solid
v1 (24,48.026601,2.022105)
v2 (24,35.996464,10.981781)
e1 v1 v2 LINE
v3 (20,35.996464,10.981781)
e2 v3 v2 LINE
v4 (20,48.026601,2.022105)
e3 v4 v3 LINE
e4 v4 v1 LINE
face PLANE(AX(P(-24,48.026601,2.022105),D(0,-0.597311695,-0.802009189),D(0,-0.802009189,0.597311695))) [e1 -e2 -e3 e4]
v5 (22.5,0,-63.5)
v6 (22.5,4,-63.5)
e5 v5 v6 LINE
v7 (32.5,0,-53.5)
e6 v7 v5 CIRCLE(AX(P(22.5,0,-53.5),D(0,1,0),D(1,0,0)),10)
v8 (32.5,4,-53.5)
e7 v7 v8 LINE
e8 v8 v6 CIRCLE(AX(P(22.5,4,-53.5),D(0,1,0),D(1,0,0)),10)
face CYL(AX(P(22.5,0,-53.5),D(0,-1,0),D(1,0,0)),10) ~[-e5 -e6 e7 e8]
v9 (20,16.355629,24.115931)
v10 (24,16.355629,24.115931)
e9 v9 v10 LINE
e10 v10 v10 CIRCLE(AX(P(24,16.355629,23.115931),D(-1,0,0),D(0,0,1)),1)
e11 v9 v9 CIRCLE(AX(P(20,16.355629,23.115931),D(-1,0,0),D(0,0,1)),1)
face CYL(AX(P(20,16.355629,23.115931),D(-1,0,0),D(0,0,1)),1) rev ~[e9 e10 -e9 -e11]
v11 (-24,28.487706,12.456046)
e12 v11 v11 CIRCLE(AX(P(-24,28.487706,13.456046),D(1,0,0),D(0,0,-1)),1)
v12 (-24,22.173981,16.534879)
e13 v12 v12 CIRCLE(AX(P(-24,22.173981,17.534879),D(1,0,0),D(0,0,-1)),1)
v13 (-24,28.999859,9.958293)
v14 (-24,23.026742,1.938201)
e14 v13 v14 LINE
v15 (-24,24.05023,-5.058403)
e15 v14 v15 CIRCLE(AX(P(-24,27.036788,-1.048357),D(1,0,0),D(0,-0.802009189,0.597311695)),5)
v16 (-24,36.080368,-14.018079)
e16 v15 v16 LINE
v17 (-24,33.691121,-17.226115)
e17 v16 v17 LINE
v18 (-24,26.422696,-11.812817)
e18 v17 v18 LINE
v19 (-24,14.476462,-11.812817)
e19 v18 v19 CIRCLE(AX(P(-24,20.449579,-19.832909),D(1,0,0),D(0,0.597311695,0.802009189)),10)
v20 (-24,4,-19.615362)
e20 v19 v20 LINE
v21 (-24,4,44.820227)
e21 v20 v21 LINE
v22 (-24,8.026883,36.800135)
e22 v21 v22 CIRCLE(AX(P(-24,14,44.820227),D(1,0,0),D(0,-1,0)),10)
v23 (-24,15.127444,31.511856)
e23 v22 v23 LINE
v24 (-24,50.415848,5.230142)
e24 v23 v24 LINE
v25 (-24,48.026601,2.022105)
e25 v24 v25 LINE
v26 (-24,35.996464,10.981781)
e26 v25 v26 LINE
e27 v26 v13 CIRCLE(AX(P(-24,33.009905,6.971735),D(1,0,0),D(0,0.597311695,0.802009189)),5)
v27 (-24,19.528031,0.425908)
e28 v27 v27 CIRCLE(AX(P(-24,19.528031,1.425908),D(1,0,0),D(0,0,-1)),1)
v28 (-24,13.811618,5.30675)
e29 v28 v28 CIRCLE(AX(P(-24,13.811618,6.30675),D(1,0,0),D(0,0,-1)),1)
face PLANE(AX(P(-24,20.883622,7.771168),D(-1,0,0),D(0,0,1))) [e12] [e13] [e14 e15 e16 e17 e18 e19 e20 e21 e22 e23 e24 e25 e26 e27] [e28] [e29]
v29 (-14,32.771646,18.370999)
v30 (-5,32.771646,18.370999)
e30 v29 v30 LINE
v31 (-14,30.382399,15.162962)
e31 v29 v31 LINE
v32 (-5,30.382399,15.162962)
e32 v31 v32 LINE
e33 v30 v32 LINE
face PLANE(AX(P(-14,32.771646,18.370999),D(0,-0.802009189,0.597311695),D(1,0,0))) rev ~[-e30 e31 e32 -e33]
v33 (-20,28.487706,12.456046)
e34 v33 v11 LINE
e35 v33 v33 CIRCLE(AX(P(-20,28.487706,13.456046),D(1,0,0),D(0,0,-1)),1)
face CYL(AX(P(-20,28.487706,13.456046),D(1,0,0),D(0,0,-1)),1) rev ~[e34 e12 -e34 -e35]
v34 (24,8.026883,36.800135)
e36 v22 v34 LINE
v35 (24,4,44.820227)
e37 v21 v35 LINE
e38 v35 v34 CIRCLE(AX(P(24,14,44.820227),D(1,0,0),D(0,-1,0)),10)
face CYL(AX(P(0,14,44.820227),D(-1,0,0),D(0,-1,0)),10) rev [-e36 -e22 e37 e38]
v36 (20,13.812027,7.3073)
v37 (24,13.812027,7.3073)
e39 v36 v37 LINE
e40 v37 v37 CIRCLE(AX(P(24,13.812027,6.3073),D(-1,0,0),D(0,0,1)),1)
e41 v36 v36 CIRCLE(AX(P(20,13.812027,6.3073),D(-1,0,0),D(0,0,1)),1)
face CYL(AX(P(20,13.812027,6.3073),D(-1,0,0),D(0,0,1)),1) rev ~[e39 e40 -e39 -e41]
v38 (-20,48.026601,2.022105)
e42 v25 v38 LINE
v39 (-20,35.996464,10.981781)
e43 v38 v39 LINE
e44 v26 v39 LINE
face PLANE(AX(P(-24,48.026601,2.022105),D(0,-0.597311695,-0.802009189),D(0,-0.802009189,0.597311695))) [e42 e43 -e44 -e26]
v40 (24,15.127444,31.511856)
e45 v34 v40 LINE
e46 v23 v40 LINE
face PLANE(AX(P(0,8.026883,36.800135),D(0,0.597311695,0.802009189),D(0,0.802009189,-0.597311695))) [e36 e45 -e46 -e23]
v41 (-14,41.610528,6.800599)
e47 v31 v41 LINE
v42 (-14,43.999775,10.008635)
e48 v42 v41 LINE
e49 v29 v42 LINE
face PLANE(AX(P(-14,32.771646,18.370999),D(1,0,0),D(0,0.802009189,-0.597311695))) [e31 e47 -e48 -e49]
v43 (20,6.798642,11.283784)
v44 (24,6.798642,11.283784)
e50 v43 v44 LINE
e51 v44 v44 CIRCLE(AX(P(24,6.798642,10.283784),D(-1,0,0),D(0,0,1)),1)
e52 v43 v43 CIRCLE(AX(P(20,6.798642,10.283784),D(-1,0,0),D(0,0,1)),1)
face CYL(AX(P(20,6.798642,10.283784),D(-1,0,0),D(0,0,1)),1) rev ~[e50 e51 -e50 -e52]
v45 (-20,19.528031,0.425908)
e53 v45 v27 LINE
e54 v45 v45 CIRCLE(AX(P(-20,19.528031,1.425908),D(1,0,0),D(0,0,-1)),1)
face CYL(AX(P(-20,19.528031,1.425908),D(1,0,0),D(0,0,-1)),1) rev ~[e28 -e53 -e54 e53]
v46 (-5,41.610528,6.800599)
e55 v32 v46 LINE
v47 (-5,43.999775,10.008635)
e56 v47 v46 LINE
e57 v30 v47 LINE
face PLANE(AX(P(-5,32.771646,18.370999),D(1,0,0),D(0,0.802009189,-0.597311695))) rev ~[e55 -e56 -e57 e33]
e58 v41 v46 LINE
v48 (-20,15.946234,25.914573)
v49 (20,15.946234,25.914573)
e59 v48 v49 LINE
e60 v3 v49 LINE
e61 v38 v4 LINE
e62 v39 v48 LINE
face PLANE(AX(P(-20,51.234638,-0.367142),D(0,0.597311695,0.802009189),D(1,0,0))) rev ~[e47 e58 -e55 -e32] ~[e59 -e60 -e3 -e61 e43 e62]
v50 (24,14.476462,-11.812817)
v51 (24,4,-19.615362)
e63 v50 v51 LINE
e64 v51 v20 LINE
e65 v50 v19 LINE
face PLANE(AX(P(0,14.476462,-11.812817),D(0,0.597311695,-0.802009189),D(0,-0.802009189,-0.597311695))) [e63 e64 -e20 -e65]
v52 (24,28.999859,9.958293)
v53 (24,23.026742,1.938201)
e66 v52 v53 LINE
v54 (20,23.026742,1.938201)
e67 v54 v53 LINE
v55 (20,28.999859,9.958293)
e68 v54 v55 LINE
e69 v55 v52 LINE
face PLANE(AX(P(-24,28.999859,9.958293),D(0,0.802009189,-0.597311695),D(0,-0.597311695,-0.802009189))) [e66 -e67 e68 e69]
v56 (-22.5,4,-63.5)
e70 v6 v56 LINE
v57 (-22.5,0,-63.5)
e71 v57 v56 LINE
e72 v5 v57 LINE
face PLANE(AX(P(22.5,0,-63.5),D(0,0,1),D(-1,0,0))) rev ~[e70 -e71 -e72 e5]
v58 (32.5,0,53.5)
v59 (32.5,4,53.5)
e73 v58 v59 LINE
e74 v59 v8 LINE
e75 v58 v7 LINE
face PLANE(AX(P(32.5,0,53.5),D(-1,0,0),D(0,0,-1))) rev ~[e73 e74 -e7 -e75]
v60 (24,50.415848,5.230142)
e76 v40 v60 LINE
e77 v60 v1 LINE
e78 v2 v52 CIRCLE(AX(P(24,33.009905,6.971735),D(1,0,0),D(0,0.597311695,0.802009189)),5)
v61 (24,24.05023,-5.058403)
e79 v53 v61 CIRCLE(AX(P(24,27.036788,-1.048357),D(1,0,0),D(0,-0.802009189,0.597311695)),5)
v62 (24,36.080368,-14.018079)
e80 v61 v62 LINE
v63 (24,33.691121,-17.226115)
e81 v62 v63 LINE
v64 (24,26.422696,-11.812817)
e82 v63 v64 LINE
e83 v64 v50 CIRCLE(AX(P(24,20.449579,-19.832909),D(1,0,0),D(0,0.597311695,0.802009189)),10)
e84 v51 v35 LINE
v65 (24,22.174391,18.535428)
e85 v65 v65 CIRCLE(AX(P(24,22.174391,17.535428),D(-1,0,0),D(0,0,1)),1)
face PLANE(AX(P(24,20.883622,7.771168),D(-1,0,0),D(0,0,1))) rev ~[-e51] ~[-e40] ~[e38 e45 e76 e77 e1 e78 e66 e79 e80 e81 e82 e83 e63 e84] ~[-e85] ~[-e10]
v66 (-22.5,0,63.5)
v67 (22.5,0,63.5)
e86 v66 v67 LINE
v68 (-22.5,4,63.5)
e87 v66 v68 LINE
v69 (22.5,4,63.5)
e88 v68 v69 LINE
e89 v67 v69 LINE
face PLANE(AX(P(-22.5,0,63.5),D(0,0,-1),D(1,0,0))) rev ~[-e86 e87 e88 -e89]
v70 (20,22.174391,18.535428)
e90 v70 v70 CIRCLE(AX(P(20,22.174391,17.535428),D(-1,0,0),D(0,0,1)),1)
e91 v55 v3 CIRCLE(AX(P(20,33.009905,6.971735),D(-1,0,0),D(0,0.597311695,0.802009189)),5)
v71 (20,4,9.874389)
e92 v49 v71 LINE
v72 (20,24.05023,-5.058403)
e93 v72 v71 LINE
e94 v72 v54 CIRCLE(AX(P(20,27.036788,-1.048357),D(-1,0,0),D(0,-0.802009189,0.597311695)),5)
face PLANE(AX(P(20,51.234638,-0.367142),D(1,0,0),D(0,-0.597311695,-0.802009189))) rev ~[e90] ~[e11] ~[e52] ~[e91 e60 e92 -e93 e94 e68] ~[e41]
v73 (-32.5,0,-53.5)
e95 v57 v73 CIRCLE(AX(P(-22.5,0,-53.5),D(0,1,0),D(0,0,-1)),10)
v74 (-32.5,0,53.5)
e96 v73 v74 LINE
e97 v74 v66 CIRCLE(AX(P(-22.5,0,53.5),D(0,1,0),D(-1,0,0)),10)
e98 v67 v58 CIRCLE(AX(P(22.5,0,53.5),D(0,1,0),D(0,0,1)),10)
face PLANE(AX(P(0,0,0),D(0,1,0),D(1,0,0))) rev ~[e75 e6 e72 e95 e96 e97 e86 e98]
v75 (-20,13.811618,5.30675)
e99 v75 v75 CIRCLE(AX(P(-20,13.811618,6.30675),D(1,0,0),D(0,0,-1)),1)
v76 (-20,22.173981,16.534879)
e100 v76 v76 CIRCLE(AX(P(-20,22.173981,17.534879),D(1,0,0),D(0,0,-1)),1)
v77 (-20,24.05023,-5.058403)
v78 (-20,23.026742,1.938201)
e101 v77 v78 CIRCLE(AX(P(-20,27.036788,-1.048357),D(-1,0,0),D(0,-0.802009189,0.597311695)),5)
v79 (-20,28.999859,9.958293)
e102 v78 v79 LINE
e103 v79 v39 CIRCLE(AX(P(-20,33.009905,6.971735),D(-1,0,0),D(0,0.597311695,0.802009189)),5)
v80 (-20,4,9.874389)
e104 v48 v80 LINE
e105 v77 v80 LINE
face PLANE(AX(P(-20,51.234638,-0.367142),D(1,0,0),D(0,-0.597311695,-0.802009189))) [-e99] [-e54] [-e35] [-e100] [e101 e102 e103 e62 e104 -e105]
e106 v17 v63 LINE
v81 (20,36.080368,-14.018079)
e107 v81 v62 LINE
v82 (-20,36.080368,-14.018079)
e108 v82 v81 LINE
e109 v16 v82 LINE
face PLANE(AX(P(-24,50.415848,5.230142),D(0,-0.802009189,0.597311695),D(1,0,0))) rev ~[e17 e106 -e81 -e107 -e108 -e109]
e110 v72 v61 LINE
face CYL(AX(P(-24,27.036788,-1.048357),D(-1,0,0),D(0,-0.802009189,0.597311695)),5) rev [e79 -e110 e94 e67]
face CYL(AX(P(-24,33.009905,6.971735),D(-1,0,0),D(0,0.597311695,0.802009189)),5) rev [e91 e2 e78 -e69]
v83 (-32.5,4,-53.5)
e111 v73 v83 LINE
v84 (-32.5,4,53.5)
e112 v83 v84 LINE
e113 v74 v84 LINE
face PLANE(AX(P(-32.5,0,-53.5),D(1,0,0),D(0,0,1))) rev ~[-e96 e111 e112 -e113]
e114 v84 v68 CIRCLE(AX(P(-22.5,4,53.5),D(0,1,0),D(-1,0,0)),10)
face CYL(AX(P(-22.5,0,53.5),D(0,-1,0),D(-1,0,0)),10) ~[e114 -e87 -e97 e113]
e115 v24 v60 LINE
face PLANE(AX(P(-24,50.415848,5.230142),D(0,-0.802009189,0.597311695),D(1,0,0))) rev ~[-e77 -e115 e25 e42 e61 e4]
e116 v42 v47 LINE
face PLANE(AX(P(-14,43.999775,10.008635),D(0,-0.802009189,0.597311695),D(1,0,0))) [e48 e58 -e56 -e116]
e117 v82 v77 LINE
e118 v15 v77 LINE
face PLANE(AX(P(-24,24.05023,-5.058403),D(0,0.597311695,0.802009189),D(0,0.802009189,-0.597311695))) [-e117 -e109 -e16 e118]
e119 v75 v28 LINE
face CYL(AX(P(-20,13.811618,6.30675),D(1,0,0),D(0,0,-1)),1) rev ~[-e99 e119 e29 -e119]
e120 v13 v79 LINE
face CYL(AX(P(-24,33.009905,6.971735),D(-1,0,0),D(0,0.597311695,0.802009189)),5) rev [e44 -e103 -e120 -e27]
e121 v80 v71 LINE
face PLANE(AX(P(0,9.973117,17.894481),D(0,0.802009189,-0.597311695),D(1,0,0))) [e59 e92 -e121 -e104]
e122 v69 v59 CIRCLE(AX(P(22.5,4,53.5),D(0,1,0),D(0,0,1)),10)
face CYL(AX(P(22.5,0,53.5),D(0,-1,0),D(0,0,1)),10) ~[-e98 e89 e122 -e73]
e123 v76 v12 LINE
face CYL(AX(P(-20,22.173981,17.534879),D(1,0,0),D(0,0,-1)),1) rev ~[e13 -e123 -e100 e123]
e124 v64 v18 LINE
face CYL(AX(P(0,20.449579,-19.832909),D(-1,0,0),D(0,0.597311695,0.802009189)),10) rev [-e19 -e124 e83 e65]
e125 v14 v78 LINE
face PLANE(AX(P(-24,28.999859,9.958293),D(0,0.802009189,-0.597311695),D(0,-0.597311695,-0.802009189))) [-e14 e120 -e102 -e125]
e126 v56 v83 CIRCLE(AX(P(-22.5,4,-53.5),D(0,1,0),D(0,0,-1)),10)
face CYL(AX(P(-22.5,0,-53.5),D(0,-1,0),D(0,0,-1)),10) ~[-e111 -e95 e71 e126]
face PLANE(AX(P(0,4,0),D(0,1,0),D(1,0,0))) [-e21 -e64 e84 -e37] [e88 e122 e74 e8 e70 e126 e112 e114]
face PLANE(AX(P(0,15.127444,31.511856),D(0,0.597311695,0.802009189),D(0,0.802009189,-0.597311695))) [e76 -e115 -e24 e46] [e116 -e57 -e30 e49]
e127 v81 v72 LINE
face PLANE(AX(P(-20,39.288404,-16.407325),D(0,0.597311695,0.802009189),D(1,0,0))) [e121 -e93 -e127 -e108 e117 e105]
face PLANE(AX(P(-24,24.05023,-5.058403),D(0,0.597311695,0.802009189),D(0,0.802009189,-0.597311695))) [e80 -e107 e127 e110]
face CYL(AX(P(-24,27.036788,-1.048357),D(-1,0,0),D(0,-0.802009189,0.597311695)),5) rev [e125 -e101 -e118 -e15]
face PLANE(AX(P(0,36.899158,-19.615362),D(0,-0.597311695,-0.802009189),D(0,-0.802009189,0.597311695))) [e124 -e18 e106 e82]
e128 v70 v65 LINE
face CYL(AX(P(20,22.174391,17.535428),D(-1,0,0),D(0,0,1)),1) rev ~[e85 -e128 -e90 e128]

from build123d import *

# Parameters (mm, degrees)
BASE_PLATE_EXTRUDE_DEPTH    = 4
MOTORCASEEXTRUDE_DEPTH      = 24
MOTORCASEEXTRUDE_DEPTH_BACK = 24
SKETCH7_W                   = 40
SKETCH7_H                   = 20
CUT_EXTRUDE1_DEPTH          = 44
SKETCH9_W                   = 48
SKETCH9_H                   = 4
CUT_EXTRUDE2_DEPTH          = 28
FILLET_2_DEPTH              = 48
SKETCH11_W                  = 9
SKETCH11_H                  = 14
HOLE_FOR_WIRE_DEPTH         = 4
CUT_EXTRUDE3_REACH          = 14.5
SKETCH13_R                  = 1
CUT_EXTRUDE4_REACH          = 14.5
SKETCH14_R                  = 1


with BuildPart() as part:
    # Sketch1 → base_plate_extrude (new body)
    with BuildSketch(Plane(origin=(0, 0, 0), x_dir=(1, 0, 0), z_dir=(0, 1, 0))):
        with BuildLine():
            Line((-22.5, -63.5), (22.5, -63.5))
            ThreePointArc((22.5, -63.5), (29.571067812, -60.571067812), (32.5, -53.5))
            Line((32.5, -53.5), (32.5, 53.5))
            ThreePointArc((32.5, 53.5), (29.571067812, 60.571067812), (22.5, 63.5))
            Line((22.5, 63.5), (-22.5, 63.5))
            ThreePointArc((-22.5, 63.5), (-29.571067812, 60.571067812), (-32.5, 53.5))
            Line((-32.5, 53.5), (-32.5, -53.5))
            ThreePointArc((-32.5, -53.5), (-29.571067812, -60.571067812), (-22.5, -63.5))
        make_face()
    extrude(amount=BASE_PLATE_EXTRUDE_DEPTH)

    # Sketch5 → MotorCaseExtrude (add, two sides)
    with BuildSketch(Plane.ZY) as motorcaseextrude_sk:
        with BuildLine():
            Line((31.511856475, 15.127443917), (2.840895128, 53.623884992))
            Line((2.840895128, 53.623884992), (-19.615362165, 36.89915754))
            Line((-19.615362165, 36.89915754), (-11.812816694, 26.422695717))
            ThreePointArc((-11.812816694, 26.422695717), (-9.832908585, 20.44957877), (-11.812816694, 14.476461823))
            Line((-11.812816694, 14.476461823), (-19.615362165, 4))
            Line((-19.615362165, 4), (39.799233322, 4))
            Line((39.799233322, 4), (44.820226981, 4))
            ThreePointArc((44.820226981, 4), (40.333088108, 5.063245291), (36.80013509, 8.026883053))
            Line((36.80013509, 8.026883053), (31.511856475, 15.127443917))
        make_face()
    extrude(amount=MOTORCASEEXTRUDE_DEPTH)
    extrude(motorcaseextrude_sk.sketch, amount=-MOTORCASEEXTRUDE_DEPTH_BACK)

    # Sketch7 → Cut-Extrude1 (cut)
    with BuildSketch(Plane(origin=(0, 33.130958404, -24.674915427), x_dir=(1, 0, 0), z_dir=(0, 0.802009189, -0.597311695))):
        with Locations((0, -20.308597621)):
            Rectangle(SKETCH7_W, SKETCH7_H)
    extrude(amount=-CUT_EXTRUDE1_DEPTH, mode=Mode.SUBTRACT)

    # Sketch9 → Cut-Extrude2 (cut)
    with BuildSketch(Plane(origin=(0, 20.492926589, 27.515810556), x_dir=(1, 0, 0), z_dir=(0, 0.597311695, 0.802009189))):
        with Locations((0, 39.309948633)):
            Rectangle(SKETCH9_W, SKETCH9_H)
    extrude(amount=-CUT_EXTRUDE2_DEPTH, mode=Mode.SUBTRACT)

    # Sketch10 → fillet 2 (cut)
    with BuildSketch(Plane.ZY.offset(24)):
        with BuildLine():
            Line((-14.01807863, 36.080367563), (2.022105151, 48.026601457))
            Line((2.022105151, 48.026601457), (10.981780572, 35.996463621))
            ThreePointArc((10.981780572, 35.996463621), (11.919081057, 32.286190216), (9.9582931, 28.999859202))
            Line((9.9582931, 28.999859202), (1.93820121, 23.026742255))
            ThreePointArc((1.93820121, 23.026742255), (-1.772072196, 22.08944177), (-5.058403209, 24.050229727))
            Line((-5.058403209, 24.050229727), (-14.01807863, 36.080367563))
        make_face()
    extrude(amount=-FILLET_2_DEPTH, mode=Mode.SUBTRACT)

    # Sketch11 → Hole for wire (cut)
    with BuildSketch(Plane(origin=(0, 20.492926589, 27.515810556), x_dir=(1, 0, 0), z_dir=(0, 0.597311695, 0.802009189))):
        with Locations((-9.5, 22.309948633)):
            Rectangle(SKETCH11_W, SKETCH11_H)
    extrude(amount=-HOLE_FOR_WIRE_DEPTH, mode=Mode.SUBTRACT)

    # Sketch13 → Cut-Extrude3 (cut, up to next)
    with BuildSketch(Plane(origin=(-20, 0, 0), x_dir=(0, 0, -1), z_dir=(1, 0, 0)), mode=Mode.PRIVATE) as cut_extrude3_sk1:
        with Locations((-6.306750122, 13.811617607)):
            Circle(SKETCH13_R)
    cut_extrude3_tool1 = extrude(cut_extrude3_sk1.sketch, amount=-CUT_EXTRUDE3_REACH, mode=Mode.PRIVATE) & part.part
    add(cut_extrude3_tool1.solids().sort_by_distance((-20, 13.811618, 6.30675))[0], mode=Mode.SUBTRACT)
    # Sketch13 → Cut-Extrude3 (cut, up to next)
    with BuildSketch(Plane(origin=(-20, 0, 0), x_dir=(0, 0, -1), z_dir=(1, 0, 0)), mode=Mode.PRIVATE) as cut_extrude3_sk2:
        with Locations((-1.425907817, 19.528030678)):
            Circle(SKETCH13_R)
    cut_extrude3_tool2 = extrude(cut_extrude3_sk2.sketch, amount=-CUT_EXTRUDE3_REACH, mode=Mode.PRIVATE) & part.part
    add(cut_extrude3_tool2.solids().sort_by_distance((-20, 19.528031, 1.425908))[0], mode=Mode.SUBTRACT)
    # Sketch13 → Cut-Extrude3 (cut, up to next)
    with BuildSketch(Plane(origin=(-20, 0, 0), x_dir=(0, 0, -1), z_dir=(1, 0, 0)), mode=Mode.PRIVATE) as cut_extrude3_sk3:
        with Locations((-13.456045653, 28.487706099)):
            Circle(SKETCH13_R)
    cut_extrude3_tool3 = extrude(cut_extrude3_sk3.sketch, amount=-CUT_EXTRUDE3_REACH, mode=Mode.PRIVATE) & part.part
    add(cut_extrude3_tool3.solids().sort_by_distance((-20, 28.487706, 13.456046))[0], mode=Mode.SUBTRACT)
    # Sketch13 → Cut-Extrude3 (cut, up to next)
    with BuildSketch(Plane(origin=(-20, 0, 0), x_dir=(0, 0, -1), z_dir=(1, 0, 0)), mode=Mode.PRIVATE) as cut_extrude3_sk4:
        with Locations((-17.534878769, 22.173981333)):
            Circle(SKETCH13_R)
    cut_extrude3_tool4 = extrude(cut_extrude3_sk4.sketch, amount=-CUT_EXTRUDE3_REACH, mode=Mode.PRIVATE) & part.part
    add(cut_extrude3_tool4.solids().sort_by_distance((-20, 22.173981, 17.534879))[0], mode=Mode.SUBTRACT)

    # Sketch14 → Cut-Extrude4 (cut, up to next)
    with BuildSketch(Plane.ZY.offset(-20), mode=Mode.PRIVATE) as cut_extrude4_sk1:
        with Locations((10.283784148, 6.798641768)):
            Circle(SKETCH14_R)
    cut_extrude4_tool1 = extrude(cut_extrude4_sk1.sketch, amount=-CUT_EXTRUDE4_REACH, mode=Mode.PRIVATE) & part.part
    add(cut_extrude4_tool1.solids().sort_by_distance((20, 6.798642, 10.283784))[0], mode=Mode.SUBTRACT)
    # Sketch14 → Cut-Extrude4 (cut, up to next)
    with BuildSketch(Plane.ZY.offset(-20), mode=Mode.PRIVATE) as cut_extrude4_sk2:
        with Locations((23.115931173, 16.355628883)):
            Circle(SKETCH14_R)
    cut_extrude4_tool2 = extrude(cut_extrude4_sk2.sketch, amount=-CUT_EXTRUDE4_REACH, mode=Mode.PRIVATE) & part.part
    add(cut_extrude4_tool2.solids().sort_by_distance((20, 16.355629, 23.115931))[0], mode=Mode.SUBTRACT)
    # Sketch14 → Cut-Extrude4 (cut, up to next)
    with BuildSketch(Plane.ZY.offset(-20), mode=Mode.PRIVATE) as cut_extrude4_sk3:
        with Locations((6.307299779, 13.812026975)):
            Circle(SKETCH14_R)
    cut_extrude4_tool3 = extrude(cut_extrude4_sk3.sketch, amount=-CUT_EXTRUDE4_REACH, mode=Mode.PRIVATE) & part.part
    add(cut_extrude4_tool3.solids().sort_by_distance((20, 13.812027, 6.3073))[0], mode=Mode.SUBTRACT)
    # Sketch14 → Cut-Extrude4 (cut, up to next)
    with BuildSketch(Plane.ZY.offset(-20), mode=Mode.PRIVATE) as cut_extrude4_sk4:
        with Locations((17.535428426, 22.174390701)):
            Circle(SKETCH14_R)
    cut_extrude4_tool4 = extrude(cut_extrude4_sk4.sketch, amount=-CUT_EXTRUDE4_REACH, mode=Mode.PRIVATE) & part.part
    add(cut_extrude4_tool4.solids().sort_by_distance((20, 22.174391, 17.535428))[0], mode=Mode.SUBTRACT)


solid = part.part
